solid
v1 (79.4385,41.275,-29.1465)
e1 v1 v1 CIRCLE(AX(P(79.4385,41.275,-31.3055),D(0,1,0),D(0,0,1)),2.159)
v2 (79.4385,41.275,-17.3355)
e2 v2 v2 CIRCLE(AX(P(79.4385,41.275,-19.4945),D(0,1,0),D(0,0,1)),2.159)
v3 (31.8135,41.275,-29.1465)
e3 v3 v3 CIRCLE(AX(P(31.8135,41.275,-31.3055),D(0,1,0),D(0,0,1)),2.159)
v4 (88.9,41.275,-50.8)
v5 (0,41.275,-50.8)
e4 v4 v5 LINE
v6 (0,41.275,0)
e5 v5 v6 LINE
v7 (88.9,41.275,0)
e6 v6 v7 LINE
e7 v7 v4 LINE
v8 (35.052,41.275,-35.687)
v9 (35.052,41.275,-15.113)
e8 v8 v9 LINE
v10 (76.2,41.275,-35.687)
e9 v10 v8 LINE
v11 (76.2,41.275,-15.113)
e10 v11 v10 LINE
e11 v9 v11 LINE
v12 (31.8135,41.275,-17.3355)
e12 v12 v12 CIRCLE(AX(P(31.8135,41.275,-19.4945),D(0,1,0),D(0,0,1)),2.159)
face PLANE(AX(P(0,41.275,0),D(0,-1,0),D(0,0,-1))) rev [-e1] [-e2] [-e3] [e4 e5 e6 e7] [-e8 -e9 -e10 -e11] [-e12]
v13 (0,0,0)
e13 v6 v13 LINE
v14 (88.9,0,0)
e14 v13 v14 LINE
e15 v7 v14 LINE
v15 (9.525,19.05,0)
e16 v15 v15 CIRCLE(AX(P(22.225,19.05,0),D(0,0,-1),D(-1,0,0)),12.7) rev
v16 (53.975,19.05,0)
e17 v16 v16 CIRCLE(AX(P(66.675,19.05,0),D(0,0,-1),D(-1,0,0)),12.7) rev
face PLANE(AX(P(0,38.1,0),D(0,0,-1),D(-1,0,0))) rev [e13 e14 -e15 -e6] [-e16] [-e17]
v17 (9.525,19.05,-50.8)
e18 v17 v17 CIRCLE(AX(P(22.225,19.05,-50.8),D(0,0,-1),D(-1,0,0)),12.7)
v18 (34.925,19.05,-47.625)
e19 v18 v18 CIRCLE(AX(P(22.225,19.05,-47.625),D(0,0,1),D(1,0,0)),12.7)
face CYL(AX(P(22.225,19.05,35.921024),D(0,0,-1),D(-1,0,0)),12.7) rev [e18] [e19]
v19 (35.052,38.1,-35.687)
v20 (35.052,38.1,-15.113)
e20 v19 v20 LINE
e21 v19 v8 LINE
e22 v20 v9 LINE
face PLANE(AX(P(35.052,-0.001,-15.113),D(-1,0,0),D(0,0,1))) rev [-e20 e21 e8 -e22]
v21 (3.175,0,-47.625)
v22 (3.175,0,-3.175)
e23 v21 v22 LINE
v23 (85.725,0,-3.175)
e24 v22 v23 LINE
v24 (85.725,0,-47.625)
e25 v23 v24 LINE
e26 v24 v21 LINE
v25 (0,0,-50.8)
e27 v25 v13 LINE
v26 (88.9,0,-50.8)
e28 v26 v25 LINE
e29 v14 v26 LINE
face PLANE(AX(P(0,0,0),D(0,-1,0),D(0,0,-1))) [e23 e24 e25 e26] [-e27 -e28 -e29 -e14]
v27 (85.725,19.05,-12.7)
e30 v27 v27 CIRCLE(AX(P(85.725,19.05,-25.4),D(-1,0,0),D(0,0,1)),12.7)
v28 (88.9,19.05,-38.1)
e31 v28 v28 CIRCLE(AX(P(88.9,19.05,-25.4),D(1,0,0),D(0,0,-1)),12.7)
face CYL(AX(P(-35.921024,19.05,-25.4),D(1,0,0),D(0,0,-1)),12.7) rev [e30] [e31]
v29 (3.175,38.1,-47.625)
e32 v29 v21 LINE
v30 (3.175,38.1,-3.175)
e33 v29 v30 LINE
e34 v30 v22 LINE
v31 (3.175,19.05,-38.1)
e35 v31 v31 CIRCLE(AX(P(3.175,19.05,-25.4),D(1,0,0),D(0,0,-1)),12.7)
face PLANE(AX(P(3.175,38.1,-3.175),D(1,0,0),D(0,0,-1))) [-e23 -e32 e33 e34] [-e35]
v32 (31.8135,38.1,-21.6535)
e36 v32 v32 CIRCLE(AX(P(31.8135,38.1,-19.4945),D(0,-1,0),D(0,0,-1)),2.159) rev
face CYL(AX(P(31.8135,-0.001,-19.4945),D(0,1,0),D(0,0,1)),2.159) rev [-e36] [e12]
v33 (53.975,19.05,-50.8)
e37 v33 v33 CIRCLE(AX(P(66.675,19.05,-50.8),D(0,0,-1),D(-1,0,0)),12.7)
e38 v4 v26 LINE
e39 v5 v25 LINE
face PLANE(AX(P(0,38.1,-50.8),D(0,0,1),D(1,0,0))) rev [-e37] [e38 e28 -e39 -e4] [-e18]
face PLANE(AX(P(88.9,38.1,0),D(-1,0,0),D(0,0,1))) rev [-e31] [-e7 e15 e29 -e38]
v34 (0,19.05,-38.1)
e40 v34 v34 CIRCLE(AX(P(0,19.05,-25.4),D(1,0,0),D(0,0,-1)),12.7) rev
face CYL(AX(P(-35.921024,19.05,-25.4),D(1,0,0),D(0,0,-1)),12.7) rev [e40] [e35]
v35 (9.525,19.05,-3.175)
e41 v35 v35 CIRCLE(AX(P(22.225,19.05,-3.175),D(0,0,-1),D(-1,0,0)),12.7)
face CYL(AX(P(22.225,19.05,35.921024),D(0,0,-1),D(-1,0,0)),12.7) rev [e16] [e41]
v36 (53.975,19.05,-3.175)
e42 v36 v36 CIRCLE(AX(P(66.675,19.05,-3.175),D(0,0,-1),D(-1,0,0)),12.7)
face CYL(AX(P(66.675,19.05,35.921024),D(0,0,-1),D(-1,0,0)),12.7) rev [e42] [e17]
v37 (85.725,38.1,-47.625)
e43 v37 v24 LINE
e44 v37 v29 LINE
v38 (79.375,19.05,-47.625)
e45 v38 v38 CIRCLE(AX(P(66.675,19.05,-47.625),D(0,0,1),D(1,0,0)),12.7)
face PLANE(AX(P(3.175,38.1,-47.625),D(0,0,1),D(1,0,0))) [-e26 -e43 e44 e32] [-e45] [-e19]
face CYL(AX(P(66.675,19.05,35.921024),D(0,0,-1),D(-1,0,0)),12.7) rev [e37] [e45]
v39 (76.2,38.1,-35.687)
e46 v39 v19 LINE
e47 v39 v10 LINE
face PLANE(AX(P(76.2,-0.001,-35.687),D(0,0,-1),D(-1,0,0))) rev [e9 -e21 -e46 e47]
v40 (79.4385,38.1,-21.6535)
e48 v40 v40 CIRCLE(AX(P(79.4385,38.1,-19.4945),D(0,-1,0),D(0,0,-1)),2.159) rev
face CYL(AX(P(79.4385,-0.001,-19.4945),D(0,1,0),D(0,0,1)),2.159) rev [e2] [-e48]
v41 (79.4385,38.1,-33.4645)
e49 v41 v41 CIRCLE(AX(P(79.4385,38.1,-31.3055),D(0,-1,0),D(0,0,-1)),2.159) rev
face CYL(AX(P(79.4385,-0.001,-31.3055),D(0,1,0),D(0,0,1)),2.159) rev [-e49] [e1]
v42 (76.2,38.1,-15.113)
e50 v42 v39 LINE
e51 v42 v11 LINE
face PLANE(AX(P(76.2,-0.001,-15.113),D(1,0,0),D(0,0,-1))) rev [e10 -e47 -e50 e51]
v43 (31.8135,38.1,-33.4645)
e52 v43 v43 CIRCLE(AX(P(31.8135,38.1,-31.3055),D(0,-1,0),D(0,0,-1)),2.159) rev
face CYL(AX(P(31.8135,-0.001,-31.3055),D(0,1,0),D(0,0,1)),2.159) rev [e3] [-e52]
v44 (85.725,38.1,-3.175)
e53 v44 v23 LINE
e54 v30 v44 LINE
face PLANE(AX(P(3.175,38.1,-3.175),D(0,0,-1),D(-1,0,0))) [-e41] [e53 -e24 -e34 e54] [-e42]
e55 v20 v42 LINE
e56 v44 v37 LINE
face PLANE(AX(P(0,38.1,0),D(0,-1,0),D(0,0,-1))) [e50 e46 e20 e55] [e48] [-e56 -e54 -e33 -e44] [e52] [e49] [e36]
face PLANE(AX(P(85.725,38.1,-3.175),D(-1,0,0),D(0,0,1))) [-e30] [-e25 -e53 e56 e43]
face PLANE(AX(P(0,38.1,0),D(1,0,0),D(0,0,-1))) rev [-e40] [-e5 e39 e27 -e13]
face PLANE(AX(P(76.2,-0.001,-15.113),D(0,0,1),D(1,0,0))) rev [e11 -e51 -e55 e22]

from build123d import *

# Parameters (mm, degrees)
SKETCH3_W           = 88.9
SKETCH3_H           = 50.8
SKETCH3_W_2         = 82.55
SKETCH3_H_2         = 44.45
BOSS_EXTRUDE2_DEPTH = 38.1
SKETCH4_R           = 12.7
CUT_EXTRUDE1_DEPTH  = 88.9
SKETCH6_W           = 88.9
SKETCH6_H           = 50.8
BOSS_EXTRUDE3_DEPTH = 3.175
SKETCH7_R           = 12.7
CUT_EXTRUDE2_DEPTH  = 50.8
CUT_EXTRUDE3_REACH  = 43.275
SKETCH8_R           = 2.159
SKETCH8_W           = 41.148
SKETCH8_H           = 20.574


with BuildPart() as part:
    # Sketch3 → Boss-Extrude2 (new body)
    with BuildSketch(Plane(origin=(0, 0, 0), x_dir=(1, 0, 0), z_dir=(0, 1, 0))):
        with Locations((44.45, 25.4)):
            Rectangle(SKETCH3_W, SKETCH3_H)
        with Locations((44.45, 25.4)):
            Rectangle(SKETCH3_W_2, SKETCH3_H_2, mode=Mode.SUBTRACT)
    extrude(amount=BOSS_EXTRUDE2_DEPTH)

    # Sketch4 → Cut-Extrude1 (cut)
    with BuildSketch(Plane(origin=(88.9, 0, 0), x_dir=(0, 0, -1), z_dir=(1, 0, 0))):
        with Locations((25.4, 19.05)):
            Circle(SKETCH4_R)
    extrude(amount=-CUT_EXTRUDE1_DEPTH, mode=Mode.SUBTRACT)

    # Sketch6 → Boss-Extrude3 (add)
    with BuildSketch(Plane(origin=(0, 38.1, 0), x_dir=(1, 0, 0), z_dir=(0, 1, 0))):
        with Locations((44.45, 25.4)):
            Rectangle(SKETCH6_W, SKETCH6_H)
    extrude(amount=BOSS_EXTRUDE3_DEPTH)

    # Sketch7 → Cut-Extrude2 (cut)
    with BuildSketch(Plane(origin=(0, 0, -50.8), x_dir=(-1, 0, 0), z_dir=(0, 0, -1))):
        with Locations((-66.675, 19.05)):
            Circle(SKETCH7_R)
        with Locations((-22.225, 19.05)):
            Circle(SKETCH7_R)
    extrude(amount=-CUT_EXTRUDE2_DEPTH, mode=Mode.SUBTRACT)

    # Sketch8 → Cut-Extrude3 (cut, up to next)
    with BuildSketch(Plane(origin=(0, 41.275, 0), x_dir=(1, 0, 0), z_dir=(0, 1, 0)), mode=Mode.PRIVATE) as cut_extrude3_sk1:
        with Locations((31.8135, 31.3055)):
            Circle(SKETCH8_R)
    cut_extrude3_tool1 = extrude(cut_extrude3_sk1.sketch, amount=-CUT_EXTRUDE3_REACH, mode=Mode.PRIVATE) & part.part
    add(cut_extrude3_tool1.solids().sort_by_distance((31.8135, 41.275, -31.3055))[0], mode=Mode.SUBTRACT)
    # Sketch8 → Cut-Extrude3 (cut, up to next)
    with BuildSketch(Plane(origin=(0, 41.275, 0), x_dir=(1, 0, 0), z_dir=(0, 1, 0)), mode=Mode.PRIVATE) as cut_extrude3_sk2:
        with Locations((31.8135, 19.4945)):
            Circle(SKETCH8_R)
    cut_extrude3_tool2 = extrude(cut_extrude3_sk2.sketch, amount=-CUT_EXTRUDE3_REACH, mode=Mode.PRIVATE) & part.part
    add(cut_extrude3_tool2.solids().sort_by_distance((31.8135, 41.275, -19.4945))[0], mode=Mode.SUBTRACT)
    # Sketch8 → Cut-Extrude3 (cut, up to next)
    with BuildSketch(Plane(origin=(0, 41.275, 0), x_dir=(1, 0, 0), z_dir=(0, 1, 0)), mode=Mode.PRIVATE) as cut_extrude3_sk3:
        with Locations((79.4385, 19.4945)):
            Circle(SKETCH8_R)
    cut_extrude3_tool3 = extrude(cut_extrude3_sk3.sketch, amount=-CUT_EXTRUDE3_REACH, mode=Mode.PRIVATE) & part.part
    add(cut_extrude3_tool3.solids().sort_by_distance((79.4385, 41.275, -19.4945))[0], mode=Mode.SUBTRACT)
    # Sketch8 → Cut-Extrude3 (cut, up to next)
    with BuildSketch(Plane(origin=(0, 41.275, 0), x_dir=(1, 0, 0), z_dir=(0, 1, 0)), mode=Mode.PRIVATE) as cut_extrude3_sk4:
        with Locations((79.4385, 31.3055)):
            Circle(SKETCH8_R)
    cut_extrude3_tool4 = extrude(cut_extrude3_sk4.sketch, amount=-CUT_EXTRUDE3_REACH, mode=Mode.PRIVATE) & part.part
    add(cut_extrude3_tool4.solids().sort_by_distance((79.4385, 41.275, -31.3055))[0], mode=Mode.SUBTRACT)
    # Sketch8 → Cut-Extrude3 (cut, up to next)
    with BuildSketch(Plane(origin=(0, 41.275, 0), x_dir=(1, 0, 0), z_dir=(0, 1, 0)), mode=Mode.PRIVATE) as cut_extrude3_sk5:
        with Locations((55.626, 25.4)):
            Rectangle(SKETCH8_W, SKETCH8_H)
    cut_extrude3_tool5 = extrude(cut_extrude3_sk5.sketch, amount=-CUT_EXTRUDE3_REACH, mode=Mode.PRIVATE) & part.part
    add(cut_extrude3_tool5.solids().sort_by_distance((55.626, 41.275, -25.4))[0], mode=Mode.SUBTRACT)


solid = part.part
